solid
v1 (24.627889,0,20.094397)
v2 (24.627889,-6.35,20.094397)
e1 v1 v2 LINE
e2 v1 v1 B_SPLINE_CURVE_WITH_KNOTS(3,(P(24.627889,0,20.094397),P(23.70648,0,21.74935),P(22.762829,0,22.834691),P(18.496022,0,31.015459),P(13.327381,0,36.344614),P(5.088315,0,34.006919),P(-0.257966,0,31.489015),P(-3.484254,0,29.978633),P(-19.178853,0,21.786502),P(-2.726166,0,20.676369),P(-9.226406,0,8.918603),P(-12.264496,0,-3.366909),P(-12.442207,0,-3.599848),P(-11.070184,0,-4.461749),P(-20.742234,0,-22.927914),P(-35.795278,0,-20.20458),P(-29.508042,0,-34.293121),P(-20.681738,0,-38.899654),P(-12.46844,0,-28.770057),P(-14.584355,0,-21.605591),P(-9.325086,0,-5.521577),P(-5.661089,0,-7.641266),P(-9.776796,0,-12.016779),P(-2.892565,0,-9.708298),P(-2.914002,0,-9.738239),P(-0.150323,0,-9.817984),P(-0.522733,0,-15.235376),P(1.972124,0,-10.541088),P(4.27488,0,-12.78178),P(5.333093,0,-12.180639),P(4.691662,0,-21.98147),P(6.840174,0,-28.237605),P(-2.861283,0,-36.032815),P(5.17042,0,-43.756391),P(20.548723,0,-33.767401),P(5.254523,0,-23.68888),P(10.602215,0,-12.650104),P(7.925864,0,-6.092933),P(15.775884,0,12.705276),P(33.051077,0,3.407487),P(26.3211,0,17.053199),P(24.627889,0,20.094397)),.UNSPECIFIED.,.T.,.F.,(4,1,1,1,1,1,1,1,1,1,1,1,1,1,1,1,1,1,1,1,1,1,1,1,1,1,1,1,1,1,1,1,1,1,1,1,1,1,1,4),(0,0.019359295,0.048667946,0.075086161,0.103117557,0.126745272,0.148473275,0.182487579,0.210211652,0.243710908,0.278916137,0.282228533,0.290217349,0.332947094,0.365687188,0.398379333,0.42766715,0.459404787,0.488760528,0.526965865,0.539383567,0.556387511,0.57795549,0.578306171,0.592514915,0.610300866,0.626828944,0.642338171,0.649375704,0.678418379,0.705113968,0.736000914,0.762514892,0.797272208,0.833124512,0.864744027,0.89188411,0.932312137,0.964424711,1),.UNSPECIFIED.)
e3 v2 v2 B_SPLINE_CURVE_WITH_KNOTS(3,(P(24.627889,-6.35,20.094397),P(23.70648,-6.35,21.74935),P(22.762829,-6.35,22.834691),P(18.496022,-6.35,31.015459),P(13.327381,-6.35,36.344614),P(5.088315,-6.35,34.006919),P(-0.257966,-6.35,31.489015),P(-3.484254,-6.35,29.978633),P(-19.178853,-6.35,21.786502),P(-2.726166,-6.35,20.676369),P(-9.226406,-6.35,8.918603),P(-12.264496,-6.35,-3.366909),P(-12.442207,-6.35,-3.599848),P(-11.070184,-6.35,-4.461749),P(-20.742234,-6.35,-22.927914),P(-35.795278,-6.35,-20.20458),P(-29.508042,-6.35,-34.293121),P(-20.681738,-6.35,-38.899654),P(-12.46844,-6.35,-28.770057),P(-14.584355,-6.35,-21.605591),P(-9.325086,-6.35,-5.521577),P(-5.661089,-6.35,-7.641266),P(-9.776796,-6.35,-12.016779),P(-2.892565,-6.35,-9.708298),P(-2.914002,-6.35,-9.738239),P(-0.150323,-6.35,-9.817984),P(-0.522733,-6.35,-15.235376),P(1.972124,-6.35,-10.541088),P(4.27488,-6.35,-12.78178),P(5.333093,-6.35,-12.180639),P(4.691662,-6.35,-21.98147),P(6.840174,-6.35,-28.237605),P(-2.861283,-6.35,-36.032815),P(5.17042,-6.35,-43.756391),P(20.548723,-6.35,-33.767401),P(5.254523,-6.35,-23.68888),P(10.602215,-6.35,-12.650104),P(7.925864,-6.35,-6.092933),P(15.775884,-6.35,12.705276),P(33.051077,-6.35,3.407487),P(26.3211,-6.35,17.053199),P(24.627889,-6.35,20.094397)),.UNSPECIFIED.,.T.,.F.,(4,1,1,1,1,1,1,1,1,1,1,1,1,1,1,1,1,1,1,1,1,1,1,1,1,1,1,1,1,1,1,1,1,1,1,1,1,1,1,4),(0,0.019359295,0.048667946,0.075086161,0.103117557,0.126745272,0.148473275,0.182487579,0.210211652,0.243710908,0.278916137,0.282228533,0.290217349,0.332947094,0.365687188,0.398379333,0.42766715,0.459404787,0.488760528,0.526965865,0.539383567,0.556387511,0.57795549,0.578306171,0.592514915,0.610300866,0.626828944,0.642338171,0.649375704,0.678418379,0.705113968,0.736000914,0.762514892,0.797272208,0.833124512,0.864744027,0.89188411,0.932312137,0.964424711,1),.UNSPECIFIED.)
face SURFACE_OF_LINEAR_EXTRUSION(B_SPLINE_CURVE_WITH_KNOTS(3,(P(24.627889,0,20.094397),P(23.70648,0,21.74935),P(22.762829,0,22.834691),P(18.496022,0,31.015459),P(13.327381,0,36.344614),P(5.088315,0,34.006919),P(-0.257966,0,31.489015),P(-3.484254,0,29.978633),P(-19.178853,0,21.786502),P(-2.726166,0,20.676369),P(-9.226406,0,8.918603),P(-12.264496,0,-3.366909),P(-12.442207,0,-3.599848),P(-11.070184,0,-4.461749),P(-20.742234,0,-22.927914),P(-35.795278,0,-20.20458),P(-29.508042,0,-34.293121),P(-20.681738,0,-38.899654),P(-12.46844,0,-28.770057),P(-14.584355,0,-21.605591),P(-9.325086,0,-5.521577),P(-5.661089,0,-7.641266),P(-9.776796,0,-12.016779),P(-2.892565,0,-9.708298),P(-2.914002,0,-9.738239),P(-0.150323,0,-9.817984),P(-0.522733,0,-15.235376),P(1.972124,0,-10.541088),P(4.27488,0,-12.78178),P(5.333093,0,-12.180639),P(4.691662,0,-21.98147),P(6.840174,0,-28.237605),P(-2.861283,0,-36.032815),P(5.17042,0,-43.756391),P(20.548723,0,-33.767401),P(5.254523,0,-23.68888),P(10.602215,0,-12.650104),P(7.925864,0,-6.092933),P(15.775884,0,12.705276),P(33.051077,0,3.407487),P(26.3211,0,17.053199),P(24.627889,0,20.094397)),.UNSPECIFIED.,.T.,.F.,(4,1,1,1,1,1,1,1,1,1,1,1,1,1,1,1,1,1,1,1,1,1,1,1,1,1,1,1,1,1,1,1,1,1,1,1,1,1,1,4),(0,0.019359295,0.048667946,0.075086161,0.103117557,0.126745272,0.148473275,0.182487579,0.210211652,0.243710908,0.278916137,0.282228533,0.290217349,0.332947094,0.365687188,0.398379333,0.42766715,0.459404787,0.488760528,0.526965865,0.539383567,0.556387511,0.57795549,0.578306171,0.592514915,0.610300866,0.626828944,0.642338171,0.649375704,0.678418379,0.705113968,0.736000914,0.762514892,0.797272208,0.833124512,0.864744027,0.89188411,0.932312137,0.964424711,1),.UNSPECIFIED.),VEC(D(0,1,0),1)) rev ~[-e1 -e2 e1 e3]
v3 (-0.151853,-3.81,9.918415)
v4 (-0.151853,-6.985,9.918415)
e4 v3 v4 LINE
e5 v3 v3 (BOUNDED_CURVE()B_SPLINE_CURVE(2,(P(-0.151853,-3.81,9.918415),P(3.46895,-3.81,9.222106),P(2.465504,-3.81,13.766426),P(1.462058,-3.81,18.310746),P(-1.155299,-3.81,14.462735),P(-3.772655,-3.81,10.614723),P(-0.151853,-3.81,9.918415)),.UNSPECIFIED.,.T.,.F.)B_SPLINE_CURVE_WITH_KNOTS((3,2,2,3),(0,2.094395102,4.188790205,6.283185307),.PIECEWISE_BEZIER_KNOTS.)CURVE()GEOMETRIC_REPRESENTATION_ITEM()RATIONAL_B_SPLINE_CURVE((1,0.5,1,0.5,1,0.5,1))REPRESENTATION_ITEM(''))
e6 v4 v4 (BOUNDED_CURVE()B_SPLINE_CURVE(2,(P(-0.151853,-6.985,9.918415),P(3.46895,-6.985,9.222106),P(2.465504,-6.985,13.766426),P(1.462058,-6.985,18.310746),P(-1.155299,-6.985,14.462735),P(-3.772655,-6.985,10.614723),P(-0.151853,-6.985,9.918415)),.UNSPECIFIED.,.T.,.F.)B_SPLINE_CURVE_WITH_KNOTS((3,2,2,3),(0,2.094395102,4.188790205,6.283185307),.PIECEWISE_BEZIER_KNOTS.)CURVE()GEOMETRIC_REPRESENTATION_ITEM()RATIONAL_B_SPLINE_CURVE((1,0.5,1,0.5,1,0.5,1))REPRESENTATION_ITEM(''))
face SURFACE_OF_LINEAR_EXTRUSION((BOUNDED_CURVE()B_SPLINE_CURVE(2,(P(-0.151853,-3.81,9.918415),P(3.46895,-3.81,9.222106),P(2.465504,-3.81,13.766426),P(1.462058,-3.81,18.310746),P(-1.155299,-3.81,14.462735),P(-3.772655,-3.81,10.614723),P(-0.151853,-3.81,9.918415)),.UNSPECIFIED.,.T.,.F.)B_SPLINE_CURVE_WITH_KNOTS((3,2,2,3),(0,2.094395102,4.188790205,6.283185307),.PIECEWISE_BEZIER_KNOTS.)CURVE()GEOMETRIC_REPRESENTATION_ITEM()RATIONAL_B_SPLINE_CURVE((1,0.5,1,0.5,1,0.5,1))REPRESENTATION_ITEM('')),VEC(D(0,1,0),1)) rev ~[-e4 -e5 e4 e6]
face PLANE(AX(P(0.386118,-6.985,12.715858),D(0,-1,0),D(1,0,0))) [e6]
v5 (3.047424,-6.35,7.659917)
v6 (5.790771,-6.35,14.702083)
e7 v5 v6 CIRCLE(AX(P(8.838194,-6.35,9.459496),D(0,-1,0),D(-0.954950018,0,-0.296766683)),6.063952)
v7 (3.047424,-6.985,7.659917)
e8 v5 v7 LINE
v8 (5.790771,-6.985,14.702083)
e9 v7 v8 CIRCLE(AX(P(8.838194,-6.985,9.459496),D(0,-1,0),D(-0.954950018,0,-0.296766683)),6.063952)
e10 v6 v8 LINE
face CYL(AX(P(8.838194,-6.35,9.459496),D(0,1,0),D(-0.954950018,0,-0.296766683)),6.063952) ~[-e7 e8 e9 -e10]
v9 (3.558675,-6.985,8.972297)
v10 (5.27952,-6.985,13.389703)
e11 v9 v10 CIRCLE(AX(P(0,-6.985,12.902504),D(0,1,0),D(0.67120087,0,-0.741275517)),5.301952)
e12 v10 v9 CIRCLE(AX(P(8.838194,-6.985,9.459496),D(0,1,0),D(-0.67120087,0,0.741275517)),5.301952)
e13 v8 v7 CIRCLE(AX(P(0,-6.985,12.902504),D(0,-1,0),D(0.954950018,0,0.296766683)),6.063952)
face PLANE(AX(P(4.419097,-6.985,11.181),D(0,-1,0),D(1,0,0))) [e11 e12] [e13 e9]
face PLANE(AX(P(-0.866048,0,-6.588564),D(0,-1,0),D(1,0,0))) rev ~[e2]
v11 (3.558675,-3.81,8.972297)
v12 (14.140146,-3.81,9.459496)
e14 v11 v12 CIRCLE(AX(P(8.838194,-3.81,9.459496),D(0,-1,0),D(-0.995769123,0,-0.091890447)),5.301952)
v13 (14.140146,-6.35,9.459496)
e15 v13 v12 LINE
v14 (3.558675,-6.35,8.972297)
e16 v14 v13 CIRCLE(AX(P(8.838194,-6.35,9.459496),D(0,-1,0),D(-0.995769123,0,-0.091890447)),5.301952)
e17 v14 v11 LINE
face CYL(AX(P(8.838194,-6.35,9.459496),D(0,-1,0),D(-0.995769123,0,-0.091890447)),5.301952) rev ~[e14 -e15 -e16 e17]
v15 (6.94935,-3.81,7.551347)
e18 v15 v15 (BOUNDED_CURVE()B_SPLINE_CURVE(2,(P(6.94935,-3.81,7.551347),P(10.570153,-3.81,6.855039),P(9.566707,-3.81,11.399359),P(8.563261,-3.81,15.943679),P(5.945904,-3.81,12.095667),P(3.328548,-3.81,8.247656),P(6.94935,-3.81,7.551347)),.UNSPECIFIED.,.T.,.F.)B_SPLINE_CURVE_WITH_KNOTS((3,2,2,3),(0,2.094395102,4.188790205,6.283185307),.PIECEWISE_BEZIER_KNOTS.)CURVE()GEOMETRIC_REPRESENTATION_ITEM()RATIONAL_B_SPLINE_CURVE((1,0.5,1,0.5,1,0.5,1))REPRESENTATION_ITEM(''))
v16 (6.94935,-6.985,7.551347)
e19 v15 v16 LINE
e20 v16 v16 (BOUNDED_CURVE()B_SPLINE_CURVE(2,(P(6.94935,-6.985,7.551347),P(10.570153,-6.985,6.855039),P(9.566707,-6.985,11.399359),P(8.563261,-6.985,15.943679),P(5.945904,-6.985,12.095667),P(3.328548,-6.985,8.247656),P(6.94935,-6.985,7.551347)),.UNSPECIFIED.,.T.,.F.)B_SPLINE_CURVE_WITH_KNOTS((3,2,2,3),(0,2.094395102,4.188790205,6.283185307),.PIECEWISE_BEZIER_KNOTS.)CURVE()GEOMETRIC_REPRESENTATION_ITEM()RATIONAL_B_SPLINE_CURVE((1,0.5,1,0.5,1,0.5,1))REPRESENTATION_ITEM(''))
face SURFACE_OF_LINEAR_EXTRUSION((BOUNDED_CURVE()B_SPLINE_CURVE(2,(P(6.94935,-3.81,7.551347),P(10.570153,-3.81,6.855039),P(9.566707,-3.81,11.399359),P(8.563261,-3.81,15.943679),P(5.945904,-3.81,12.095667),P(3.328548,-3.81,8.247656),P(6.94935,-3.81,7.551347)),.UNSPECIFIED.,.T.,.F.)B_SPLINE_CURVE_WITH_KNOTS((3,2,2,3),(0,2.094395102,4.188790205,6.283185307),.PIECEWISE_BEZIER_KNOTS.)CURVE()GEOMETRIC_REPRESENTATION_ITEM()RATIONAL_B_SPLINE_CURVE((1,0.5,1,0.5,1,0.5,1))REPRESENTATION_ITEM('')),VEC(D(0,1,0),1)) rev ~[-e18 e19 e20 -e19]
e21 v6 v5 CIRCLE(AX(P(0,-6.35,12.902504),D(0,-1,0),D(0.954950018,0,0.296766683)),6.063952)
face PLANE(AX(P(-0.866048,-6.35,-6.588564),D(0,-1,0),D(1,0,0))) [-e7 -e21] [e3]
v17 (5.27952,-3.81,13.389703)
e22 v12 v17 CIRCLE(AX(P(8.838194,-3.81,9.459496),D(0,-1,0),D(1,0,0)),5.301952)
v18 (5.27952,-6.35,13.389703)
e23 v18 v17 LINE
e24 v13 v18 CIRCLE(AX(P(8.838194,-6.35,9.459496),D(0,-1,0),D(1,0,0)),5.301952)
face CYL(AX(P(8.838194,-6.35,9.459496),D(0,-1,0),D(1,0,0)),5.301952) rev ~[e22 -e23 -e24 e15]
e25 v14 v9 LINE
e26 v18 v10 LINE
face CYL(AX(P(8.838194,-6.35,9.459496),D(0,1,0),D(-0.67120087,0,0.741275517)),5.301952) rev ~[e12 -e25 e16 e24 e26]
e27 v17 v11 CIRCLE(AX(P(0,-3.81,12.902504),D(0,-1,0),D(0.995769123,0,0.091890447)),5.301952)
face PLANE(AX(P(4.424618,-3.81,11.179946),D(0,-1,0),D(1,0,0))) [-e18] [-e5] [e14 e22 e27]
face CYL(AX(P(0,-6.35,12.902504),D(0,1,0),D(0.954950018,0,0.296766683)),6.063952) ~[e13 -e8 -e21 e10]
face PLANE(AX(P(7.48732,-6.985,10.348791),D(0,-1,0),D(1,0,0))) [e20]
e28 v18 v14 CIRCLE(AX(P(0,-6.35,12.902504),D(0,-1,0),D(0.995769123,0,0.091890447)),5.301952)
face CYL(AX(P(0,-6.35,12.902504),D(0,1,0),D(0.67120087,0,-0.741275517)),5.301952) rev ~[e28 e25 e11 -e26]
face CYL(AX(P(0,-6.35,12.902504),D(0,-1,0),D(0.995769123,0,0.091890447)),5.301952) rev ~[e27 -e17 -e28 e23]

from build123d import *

# Parameters (mm, degrees)
F1_DEPTH = 6.35
F3_DEPTH = 2.54
F5_DEPTH = 3.175
F7_DEPTH = 0.635


with BuildPart() as f1:
    # F0 (on Front) → F1 (new body)
    with BuildSketch(Plane.XZ):
        with BuildLine():
            add(Edge.make_bspline(
                [(24.6278885752, 20.0943965465), (23.7064800375, 21.749349657), (22.762829066, 22.834690774), (18.4960223659, 31.0154594629), (13.3273808786, 36.344614332), (5.0883150601, 34.0069188334), (-0.2579655639, 31.4890145854), (-3.4842541137, 29.9786332235), (-19.1788529412, 21.7865022367), (-2.7261660602, 20.6763685682), (-9.2264062103, 8.9186030751), (-12.2644964054, -3.3669089496), (-12.4422066102, -3.5998480893), (-11.0701838098, -4.4617490897), (-20.7422338214, -22.9279143399), (-35.7952781349, -20.2045800859), (-29.5080416261, -34.2931205942), (-20.6817381541, -38.8996540544), (-12.4684397133, -28.7700571881), (-14.5843554481, -21.6055906185), (-9.3250856264, -5.5215767382), (-5.6610891263, -7.6412659776), (-9.77679612, -12.0167786897), (-2.8925648601, -9.7082984932), (-2.9140020447, -9.7382386704), (-0.1503228609, -9.817983677), (-0.5227332774, -15.2353760748), (1.9721238181, -10.5410877), (4.2748797573, -12.7817802034), (5.3330933825, -12.1806389837), (4.6916621177, -21.9814703232), (6.8401736772, -28.2376045414), (-2.861283488, -36.0328148135), (5.1704203769, -43.7563905099), (20.5487230192, -33.7674005839), (5.2545233439, -23.6888798183), (10.6022149127, -12.650103767), (7.9258643302, -6.0929327206), (15.7758842201, 12.7052761587), (33.0510774649, 3.4074865896), (26.3210997723, 17.0531992678), (24.6278885752, 20.0943965465)],
                knots=[0, 0, 0, 0, 0.0193592947, 0.0486679457, 0.0750861611, 0.1031175571, 0.1267452715, 0.1484732747, 0.1824875788, 0.2102116524, 0.2437109078, 0.2789161374, 0.2822285334, 0.2902173493, 0.3329470941, 0.365687188, 0.3983793333, 0.4276671496, 0.4594047869, 0.4887605283, 0.526965865, 0.5393835673, 0.5563875106, 0.57795549, 0.5783061714, 0.5925149146, 0.6103008659, 0.6268289437, 0.6423381707, 0.649375704, 0.6784183793, 0.7051139677, 0.7360009136, 0.7625148923, 0.7972722079, 0.8331245118, 0.864744027, 0.8918841103, 0.9323121366, 0.9644247115, 1, 1, 1, 1], degree=3))
        make_face()
    extrude(amount=F1_DEPTH)

    # F2 (on face) → F3 (cut)
    with BuildSketch(Plane.XZ.offset(6.35)):
        with BuildLine():
            ThreePointArc((3.5586746082, 8.9722968299), (4.8465767827, 10.7527630242), (5.3019517214, 12.9025038332))
            ThreePointArc((5.3019517214, 12.9025038332), (5.2963407756, 13.1463612597), (5.2795198142, 13.3897025477))
            ThreePointArc((5.2795198142, 13.3897025477), (3.8978717122, 11.3840483691), (3.5586746082, 8.9722968299))
        make_face()
        with BuildLine():
            ThreePointArc((5.2795198142, 13.3897025477), (5.2963407756, 13.1463612597), (5.3019517214, 12.9025038332))
            ThreePointArc((5.3019517214, 12.9025038332), (4.8465767827, 10.7527630242), (3.5586746082, 8.9722968299))
            ThreePointArc((3.5586746082, 8.9722968299), (9.082051849, 4.1631547688), (14.1401461438, 9.4594955444))
            ThreePointArc((14.1401461438, 9.4594955444), (10.9879352313, 14.3060723271), (5.2795198142, 13.3897025477))
        make_face()
        with BuildLine():
            ThreePointArc((3.5586746082, 8.9722968299), (3.8978717122, 11.3840483691), (5.2795198142, 13.3897025477))
            ThreePointArc((5.2795198142, 13.3897025477), (-4.9403227102, 14.8270566578), (3.5586746082, 8.9722968299))
        make_face()
    extrude(amount=-F3_DEPTH, mode=Mode.SUBTRACT)

    # F4 (on face) → F5 (join)
    with BuildSketch(Plane.XZ.offset(3.81)):
        with BuildLine():
            add(Edge.make_bspline(
                [(6.9493502378, 7.5513473712), (10.5701526638, 6.8550390501), (9.5667066058, 11.3993590387), (8.5632605478, 15.9436790273), (5.9459041799, 12.0956673598), (3.3285478119, 8.2476556923), (6.9493502378, 7.5513473712)],
                knots=[0, 0, 0, 2.0943951024, 2.0943951024, 4.1887902048, 4.1887902048, 6.2831853072, 6.2831853072, 6.2831853072], degree=2, weights=[1, 0.5, 1, 0.5, 1, 0.5, 1]))
        make_face()
        with BuildLine():
            add(Edge.make_bspline(
                [(-0.1518525823, 9.918414522), (3.4689498436, 9.2221062009), (2.4655037856, 13.7664261894), (1.4620577276, 18.310746178), (-1.1552986403, 14.4627345106), (-3.7726550083, 10.6147228431), (-0.1518525823, 9.918414522)],
                knots=[0, 0, 0, 2.0943951024, 2.0943951024, 4.1887902048, 4.1887902048, 6.2831853072, 6.2831853072, 6.2831853072], degree=2, weights=[1, 0.5, 1, 0.5, 1, 0.5, 1]))
        make_face()
    extrude(amount=F5_DEPTH)

    # F6 (on face) → F7 (join)
    with BuildSketch(Plane.XZ.offset(6.35)):
        with BuildLine():
            ThreePointArc((5.7907708029, 14.7020826694), (-5.6503491501, 15.1036546597), (3.0474236195, 7.6599167082))
            ThreePointArc((3.0474236195, 7.6599167082), (14.4885435725, 7.2583447179), (5.7907708029, 14.7020826694))
        make_face()
        with BuildLine():
            ThreePointArc((3.5586746082, 8.9722968299), (-4.9403227102, 14.8270566578), (5.2795198142, 13.3897025477))
            ThreePointArc((5.2795198142, 13.3897025477), (13.7785171327, 7.5349427198), (3.5586746082, 8.9722968299))
        make_face(mode=Mode.SUBTRACT)
    extrude(amount=F7_DEPTH)


solid = f1.part
